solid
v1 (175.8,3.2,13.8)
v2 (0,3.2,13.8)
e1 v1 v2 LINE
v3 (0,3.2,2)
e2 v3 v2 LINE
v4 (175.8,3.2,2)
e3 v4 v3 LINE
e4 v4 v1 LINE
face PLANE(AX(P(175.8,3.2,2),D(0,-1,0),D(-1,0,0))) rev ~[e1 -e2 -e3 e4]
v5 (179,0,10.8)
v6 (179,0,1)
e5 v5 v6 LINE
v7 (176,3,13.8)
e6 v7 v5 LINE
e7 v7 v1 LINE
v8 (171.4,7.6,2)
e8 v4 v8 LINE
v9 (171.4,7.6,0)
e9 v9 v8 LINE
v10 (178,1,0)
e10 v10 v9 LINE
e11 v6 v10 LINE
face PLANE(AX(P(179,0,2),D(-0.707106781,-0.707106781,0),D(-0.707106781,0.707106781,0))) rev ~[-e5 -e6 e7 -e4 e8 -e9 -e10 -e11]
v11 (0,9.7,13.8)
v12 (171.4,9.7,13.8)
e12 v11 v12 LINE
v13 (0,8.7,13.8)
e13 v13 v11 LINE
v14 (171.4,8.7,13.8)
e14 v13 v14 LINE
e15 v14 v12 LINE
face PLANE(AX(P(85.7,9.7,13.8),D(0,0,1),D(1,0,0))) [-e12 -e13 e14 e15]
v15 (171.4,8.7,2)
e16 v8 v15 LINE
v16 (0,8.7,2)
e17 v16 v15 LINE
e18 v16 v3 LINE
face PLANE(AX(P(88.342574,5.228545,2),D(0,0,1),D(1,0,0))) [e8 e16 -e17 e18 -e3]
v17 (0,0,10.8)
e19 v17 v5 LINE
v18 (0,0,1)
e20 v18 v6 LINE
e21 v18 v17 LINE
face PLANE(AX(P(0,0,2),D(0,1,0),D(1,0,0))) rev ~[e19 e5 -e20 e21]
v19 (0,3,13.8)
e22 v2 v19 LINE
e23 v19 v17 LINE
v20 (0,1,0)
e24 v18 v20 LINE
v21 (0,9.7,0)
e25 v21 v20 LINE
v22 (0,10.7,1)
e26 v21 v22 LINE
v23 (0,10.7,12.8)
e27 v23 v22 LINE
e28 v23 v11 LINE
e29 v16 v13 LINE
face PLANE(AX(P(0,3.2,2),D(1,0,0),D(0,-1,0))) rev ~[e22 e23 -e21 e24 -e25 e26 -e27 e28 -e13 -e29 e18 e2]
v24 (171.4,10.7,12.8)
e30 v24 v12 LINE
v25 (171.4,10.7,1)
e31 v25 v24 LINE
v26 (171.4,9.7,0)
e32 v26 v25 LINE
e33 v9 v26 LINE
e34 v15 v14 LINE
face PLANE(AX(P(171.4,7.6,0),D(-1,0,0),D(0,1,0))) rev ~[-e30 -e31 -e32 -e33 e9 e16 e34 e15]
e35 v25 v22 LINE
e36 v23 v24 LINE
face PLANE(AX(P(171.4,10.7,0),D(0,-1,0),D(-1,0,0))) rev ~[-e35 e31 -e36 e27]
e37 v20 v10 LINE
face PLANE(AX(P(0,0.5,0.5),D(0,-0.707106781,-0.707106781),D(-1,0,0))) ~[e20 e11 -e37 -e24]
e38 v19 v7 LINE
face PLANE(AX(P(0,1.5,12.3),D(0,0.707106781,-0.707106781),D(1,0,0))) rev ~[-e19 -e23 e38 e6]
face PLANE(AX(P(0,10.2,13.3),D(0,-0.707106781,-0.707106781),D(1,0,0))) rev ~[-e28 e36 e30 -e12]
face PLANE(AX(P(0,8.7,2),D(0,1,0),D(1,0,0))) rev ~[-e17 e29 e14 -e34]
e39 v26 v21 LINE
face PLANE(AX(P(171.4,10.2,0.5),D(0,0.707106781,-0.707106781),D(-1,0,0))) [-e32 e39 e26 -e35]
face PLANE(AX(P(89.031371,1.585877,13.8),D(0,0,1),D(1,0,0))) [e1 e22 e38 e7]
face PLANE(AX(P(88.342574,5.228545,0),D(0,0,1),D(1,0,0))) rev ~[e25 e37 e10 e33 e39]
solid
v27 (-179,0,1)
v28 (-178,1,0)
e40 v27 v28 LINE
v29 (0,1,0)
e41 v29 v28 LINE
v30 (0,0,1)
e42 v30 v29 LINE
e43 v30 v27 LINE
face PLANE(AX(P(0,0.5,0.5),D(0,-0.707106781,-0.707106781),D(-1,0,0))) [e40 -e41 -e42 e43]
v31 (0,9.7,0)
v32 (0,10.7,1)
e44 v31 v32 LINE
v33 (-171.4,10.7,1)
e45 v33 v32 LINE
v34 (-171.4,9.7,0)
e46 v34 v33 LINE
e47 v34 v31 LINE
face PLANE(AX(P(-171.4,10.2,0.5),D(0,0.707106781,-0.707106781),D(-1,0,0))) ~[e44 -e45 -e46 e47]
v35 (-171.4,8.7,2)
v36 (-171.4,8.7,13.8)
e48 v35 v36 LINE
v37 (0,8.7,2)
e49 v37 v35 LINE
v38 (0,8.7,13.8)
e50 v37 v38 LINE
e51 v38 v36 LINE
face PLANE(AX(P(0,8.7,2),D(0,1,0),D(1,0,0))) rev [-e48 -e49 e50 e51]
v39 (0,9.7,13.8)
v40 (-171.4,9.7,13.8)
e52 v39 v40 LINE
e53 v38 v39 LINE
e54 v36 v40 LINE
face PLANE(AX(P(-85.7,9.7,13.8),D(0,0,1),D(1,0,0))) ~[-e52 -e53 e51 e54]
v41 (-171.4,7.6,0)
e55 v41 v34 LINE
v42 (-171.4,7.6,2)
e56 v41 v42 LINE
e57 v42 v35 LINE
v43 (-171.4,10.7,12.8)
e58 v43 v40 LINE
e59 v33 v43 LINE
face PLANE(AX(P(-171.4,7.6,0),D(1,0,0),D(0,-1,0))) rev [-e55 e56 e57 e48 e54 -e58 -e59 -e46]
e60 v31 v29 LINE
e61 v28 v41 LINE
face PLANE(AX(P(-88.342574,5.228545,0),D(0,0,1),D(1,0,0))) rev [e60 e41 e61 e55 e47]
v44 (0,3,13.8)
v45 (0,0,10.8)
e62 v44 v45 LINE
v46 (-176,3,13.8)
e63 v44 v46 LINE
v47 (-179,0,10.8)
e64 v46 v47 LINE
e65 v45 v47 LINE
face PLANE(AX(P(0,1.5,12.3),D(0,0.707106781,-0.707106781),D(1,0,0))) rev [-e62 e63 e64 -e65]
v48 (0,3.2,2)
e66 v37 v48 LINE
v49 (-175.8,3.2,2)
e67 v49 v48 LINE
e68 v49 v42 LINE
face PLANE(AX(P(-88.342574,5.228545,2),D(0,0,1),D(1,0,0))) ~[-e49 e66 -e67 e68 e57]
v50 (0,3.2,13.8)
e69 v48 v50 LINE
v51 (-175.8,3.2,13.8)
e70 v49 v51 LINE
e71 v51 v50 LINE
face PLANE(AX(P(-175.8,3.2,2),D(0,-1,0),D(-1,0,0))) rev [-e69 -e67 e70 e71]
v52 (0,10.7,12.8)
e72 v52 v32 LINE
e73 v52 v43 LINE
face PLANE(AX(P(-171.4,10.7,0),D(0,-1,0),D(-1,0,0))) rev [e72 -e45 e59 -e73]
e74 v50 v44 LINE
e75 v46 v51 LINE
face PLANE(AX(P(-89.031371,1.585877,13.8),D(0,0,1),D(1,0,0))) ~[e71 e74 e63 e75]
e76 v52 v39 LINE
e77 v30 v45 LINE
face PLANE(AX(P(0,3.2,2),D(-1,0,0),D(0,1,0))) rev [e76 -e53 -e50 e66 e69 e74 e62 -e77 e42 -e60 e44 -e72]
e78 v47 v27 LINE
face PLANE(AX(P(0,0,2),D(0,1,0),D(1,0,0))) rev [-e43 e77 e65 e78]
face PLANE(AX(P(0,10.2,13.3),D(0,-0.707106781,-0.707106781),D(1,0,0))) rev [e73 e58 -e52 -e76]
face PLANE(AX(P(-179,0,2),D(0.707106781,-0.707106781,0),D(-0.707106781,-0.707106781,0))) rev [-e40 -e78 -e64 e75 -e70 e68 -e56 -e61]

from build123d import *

# Parameters (mm, degrees)
F1_DEPTH = 2
F2_W     = 171.4
F2_H     = 2
F3_DEPTH = 11.8
F4_SIZE  = 3
F5_SIZE  = 1


with BuildPart() as f1:
    # F0 (on Top) → F1 (new body)
    with BuildSketch(Plane.XY):
        Polygon((0, 10.7), (0, 0), (179, 0), (171.4, 7.6), (171.4, 10.7), align=None)
    extrude(amount=F1_DEPTH)

    # F2 (on face) → F3 (join)
    with BuildSketch(Plane.XY.offset(2)):
        Polygon((175.8, 3.2), (0, 3.2), (0, 0), (179, 0), align=None)
        with Locations((85.7, 9.7)):
            Rectangle(F2_W, F2_H)
    extrude(amount=F3_DEPTH)

    # F4
    f4_edges = [f1.edges().sort_by_distance(p)[0] for p in [
        (89.5, 0, 13.8),
    ]]
    chamfer(f4_edges, length=F4_SIZE)

    # F5
    f5_edges = [f1.edges().sort_by_distance(p)[0] for p in [
        (89.5, 0, 0),
        (85.7, 10.7, 0),
        (85.7, 10.7, 13.8),
    ]]
    chamfer(f5_edges, length=F5_SIZE)


with BuildPart() as f6_1:
    # F6: instance of F1
    add(f1.part.mirror(Plane.YZ))


solid = Compound([f1.part, f6_1.part])
